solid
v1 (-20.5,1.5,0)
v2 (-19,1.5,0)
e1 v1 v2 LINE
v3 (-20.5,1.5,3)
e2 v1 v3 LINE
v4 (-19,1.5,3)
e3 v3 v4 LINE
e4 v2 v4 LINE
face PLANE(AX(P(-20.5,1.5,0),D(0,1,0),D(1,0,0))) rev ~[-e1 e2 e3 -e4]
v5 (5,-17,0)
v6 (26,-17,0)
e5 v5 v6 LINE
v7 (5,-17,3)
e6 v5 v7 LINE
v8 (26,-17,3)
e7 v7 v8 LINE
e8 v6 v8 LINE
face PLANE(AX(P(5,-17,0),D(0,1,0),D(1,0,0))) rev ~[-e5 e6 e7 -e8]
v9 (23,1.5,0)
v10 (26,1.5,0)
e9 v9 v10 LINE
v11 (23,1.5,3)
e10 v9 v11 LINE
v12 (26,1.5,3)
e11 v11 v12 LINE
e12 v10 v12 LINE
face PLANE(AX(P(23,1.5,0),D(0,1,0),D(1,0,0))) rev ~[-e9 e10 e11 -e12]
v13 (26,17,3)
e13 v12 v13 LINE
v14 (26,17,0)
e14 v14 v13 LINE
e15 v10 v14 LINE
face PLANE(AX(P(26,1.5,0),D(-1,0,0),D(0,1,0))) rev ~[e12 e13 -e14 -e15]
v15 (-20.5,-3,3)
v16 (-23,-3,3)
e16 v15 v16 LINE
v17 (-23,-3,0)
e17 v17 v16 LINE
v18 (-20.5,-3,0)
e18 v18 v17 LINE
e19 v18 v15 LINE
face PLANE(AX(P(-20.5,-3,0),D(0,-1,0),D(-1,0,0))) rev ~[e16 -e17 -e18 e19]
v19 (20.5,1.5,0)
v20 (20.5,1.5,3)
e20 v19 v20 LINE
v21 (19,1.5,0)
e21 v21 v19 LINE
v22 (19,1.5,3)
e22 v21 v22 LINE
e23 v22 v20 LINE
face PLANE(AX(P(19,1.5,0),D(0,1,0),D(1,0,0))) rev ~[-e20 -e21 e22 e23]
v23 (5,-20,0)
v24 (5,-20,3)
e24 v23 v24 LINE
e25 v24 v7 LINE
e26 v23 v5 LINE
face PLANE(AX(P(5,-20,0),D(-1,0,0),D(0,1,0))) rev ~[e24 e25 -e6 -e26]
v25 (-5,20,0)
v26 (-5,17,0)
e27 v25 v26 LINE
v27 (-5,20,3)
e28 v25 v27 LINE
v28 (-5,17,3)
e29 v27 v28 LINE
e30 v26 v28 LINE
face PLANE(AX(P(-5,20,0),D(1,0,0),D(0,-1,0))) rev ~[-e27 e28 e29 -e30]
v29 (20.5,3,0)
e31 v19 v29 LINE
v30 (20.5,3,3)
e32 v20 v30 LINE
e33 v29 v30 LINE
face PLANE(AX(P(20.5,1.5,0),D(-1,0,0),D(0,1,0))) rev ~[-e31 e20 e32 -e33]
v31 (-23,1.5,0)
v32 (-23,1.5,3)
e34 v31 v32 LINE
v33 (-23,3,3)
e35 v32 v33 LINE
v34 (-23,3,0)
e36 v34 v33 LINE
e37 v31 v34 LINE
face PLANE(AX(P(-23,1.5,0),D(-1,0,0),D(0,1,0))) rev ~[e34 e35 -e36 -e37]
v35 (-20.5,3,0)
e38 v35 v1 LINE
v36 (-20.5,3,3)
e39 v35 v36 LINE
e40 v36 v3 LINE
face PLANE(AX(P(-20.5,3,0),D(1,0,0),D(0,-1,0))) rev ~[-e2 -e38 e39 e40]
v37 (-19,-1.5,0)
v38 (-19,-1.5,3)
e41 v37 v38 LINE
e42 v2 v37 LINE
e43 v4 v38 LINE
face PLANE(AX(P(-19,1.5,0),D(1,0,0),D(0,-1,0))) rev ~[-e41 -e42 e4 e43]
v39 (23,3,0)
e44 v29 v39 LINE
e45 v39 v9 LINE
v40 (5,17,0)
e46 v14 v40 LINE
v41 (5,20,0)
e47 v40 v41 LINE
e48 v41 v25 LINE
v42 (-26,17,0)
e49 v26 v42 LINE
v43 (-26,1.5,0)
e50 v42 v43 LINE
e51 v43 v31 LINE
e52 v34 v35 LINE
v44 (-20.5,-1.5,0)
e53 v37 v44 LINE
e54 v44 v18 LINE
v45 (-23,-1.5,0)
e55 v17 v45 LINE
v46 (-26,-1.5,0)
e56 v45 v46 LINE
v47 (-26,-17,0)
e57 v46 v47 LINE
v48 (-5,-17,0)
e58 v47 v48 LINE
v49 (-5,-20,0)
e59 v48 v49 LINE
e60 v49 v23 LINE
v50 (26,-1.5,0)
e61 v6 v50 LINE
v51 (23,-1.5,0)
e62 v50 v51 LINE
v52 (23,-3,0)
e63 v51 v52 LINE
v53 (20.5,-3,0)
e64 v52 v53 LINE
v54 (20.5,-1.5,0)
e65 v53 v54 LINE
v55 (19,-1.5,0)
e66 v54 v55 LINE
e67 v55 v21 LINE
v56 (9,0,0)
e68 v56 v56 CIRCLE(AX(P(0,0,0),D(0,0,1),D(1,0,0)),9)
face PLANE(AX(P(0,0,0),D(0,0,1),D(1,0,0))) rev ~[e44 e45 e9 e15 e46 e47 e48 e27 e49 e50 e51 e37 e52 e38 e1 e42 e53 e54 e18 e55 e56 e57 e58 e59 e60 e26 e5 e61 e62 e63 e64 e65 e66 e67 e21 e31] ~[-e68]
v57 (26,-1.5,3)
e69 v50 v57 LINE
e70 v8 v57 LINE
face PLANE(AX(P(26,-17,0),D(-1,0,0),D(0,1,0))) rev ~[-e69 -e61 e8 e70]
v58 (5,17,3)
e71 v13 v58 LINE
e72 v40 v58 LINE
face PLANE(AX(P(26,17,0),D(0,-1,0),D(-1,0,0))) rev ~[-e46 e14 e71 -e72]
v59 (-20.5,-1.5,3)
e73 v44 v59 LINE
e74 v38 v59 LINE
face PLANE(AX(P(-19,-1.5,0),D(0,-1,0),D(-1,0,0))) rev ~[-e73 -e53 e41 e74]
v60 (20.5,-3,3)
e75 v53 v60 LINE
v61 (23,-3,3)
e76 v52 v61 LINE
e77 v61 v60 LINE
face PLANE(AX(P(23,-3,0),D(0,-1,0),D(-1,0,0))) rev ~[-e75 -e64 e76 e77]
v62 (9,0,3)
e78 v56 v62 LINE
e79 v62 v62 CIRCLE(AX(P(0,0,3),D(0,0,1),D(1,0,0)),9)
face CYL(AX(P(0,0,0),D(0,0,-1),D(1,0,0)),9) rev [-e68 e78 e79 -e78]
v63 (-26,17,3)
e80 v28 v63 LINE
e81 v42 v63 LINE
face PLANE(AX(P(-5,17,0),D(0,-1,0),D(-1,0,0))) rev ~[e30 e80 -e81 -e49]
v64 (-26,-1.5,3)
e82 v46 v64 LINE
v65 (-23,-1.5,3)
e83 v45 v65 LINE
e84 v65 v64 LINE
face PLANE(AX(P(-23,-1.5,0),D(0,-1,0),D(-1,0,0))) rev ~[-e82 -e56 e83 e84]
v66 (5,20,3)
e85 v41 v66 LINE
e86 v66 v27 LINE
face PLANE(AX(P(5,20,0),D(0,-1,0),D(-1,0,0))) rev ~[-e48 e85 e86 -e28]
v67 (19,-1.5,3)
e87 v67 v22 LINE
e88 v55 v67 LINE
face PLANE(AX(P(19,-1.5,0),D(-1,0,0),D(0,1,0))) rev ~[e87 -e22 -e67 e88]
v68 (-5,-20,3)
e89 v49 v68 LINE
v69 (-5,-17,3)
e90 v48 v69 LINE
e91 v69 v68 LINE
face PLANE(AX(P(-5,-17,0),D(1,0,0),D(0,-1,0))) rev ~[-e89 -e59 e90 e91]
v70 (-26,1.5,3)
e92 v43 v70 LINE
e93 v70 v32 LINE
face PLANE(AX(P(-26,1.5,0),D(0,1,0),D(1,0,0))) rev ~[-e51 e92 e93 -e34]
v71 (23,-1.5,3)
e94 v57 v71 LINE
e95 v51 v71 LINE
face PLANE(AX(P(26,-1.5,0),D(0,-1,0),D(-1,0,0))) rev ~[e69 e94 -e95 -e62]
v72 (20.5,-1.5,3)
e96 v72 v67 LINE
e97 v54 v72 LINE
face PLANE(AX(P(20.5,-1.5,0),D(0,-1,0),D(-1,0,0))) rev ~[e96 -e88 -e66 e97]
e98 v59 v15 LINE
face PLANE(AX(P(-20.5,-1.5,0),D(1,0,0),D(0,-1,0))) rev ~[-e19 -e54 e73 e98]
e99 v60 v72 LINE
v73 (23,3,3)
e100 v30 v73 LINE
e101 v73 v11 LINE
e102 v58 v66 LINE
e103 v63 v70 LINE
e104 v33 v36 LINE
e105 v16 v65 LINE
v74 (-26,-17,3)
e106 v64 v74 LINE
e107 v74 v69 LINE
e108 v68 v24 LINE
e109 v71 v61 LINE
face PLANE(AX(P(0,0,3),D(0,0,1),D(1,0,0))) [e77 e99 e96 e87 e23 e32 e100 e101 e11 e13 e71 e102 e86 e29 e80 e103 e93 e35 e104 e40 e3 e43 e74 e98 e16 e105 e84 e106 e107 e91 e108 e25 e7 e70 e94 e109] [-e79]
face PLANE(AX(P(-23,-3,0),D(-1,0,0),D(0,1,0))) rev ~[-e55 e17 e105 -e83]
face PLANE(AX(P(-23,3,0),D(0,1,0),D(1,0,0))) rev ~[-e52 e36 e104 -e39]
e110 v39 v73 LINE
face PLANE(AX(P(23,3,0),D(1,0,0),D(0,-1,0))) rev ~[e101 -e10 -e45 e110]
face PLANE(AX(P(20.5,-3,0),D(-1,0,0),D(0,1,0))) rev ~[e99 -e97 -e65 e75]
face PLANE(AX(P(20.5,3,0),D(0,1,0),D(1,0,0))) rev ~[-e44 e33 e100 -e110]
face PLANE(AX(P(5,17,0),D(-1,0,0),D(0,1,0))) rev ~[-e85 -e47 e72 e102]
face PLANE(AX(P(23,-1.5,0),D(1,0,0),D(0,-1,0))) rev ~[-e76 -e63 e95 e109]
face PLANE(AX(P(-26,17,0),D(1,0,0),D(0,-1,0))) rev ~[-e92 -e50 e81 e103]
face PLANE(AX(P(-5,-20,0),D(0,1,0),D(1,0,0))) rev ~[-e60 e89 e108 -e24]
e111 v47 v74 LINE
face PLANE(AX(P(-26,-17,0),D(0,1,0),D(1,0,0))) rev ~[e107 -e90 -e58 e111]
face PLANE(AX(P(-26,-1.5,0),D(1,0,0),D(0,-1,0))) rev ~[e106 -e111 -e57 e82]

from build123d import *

# Parameters (mm, degrees)
SKETCH1_R           = 9
BOSS_EXTRUDE1_DEPTH = 3


with BuildPart() as part:
    # Sketch1 → Boss-Extrude1 (new body)
    with BuildSketch(Plane.XY):
        Polygon((-26, -17), (-5, -17), (-5, -20), (5, -20), (5, -17), (26, -17), (26, -1.5), (23, -1.5), (23, -3), (20.5, -3), (20.5, -1.5), (19, -1.5), (19, 1.5), (20.5, 1.5), (20.5, 3), (23, 3), (23, 1.5), (26, 1.5), (26, 17), (5, 17), (5, 20), (-5, 20), (-5, 17), (-26, 17), (-26, 1.5), (-23, 1.5), (-23, 3), (-20.5, 3), (-20.5, 1.5), (-19, 1.5), (-19, -1.5), (-20.5, -1.5), (-20.5, -3), (-23, -3), (-23, -1.5), (-26, -1.5), align=None)
        Circle(SKETCH1_R, mode=Mode.SUBTRACT)
    extrude(amount=BOSS_EXTRUDE1_DEPTH)


solid = part.part
